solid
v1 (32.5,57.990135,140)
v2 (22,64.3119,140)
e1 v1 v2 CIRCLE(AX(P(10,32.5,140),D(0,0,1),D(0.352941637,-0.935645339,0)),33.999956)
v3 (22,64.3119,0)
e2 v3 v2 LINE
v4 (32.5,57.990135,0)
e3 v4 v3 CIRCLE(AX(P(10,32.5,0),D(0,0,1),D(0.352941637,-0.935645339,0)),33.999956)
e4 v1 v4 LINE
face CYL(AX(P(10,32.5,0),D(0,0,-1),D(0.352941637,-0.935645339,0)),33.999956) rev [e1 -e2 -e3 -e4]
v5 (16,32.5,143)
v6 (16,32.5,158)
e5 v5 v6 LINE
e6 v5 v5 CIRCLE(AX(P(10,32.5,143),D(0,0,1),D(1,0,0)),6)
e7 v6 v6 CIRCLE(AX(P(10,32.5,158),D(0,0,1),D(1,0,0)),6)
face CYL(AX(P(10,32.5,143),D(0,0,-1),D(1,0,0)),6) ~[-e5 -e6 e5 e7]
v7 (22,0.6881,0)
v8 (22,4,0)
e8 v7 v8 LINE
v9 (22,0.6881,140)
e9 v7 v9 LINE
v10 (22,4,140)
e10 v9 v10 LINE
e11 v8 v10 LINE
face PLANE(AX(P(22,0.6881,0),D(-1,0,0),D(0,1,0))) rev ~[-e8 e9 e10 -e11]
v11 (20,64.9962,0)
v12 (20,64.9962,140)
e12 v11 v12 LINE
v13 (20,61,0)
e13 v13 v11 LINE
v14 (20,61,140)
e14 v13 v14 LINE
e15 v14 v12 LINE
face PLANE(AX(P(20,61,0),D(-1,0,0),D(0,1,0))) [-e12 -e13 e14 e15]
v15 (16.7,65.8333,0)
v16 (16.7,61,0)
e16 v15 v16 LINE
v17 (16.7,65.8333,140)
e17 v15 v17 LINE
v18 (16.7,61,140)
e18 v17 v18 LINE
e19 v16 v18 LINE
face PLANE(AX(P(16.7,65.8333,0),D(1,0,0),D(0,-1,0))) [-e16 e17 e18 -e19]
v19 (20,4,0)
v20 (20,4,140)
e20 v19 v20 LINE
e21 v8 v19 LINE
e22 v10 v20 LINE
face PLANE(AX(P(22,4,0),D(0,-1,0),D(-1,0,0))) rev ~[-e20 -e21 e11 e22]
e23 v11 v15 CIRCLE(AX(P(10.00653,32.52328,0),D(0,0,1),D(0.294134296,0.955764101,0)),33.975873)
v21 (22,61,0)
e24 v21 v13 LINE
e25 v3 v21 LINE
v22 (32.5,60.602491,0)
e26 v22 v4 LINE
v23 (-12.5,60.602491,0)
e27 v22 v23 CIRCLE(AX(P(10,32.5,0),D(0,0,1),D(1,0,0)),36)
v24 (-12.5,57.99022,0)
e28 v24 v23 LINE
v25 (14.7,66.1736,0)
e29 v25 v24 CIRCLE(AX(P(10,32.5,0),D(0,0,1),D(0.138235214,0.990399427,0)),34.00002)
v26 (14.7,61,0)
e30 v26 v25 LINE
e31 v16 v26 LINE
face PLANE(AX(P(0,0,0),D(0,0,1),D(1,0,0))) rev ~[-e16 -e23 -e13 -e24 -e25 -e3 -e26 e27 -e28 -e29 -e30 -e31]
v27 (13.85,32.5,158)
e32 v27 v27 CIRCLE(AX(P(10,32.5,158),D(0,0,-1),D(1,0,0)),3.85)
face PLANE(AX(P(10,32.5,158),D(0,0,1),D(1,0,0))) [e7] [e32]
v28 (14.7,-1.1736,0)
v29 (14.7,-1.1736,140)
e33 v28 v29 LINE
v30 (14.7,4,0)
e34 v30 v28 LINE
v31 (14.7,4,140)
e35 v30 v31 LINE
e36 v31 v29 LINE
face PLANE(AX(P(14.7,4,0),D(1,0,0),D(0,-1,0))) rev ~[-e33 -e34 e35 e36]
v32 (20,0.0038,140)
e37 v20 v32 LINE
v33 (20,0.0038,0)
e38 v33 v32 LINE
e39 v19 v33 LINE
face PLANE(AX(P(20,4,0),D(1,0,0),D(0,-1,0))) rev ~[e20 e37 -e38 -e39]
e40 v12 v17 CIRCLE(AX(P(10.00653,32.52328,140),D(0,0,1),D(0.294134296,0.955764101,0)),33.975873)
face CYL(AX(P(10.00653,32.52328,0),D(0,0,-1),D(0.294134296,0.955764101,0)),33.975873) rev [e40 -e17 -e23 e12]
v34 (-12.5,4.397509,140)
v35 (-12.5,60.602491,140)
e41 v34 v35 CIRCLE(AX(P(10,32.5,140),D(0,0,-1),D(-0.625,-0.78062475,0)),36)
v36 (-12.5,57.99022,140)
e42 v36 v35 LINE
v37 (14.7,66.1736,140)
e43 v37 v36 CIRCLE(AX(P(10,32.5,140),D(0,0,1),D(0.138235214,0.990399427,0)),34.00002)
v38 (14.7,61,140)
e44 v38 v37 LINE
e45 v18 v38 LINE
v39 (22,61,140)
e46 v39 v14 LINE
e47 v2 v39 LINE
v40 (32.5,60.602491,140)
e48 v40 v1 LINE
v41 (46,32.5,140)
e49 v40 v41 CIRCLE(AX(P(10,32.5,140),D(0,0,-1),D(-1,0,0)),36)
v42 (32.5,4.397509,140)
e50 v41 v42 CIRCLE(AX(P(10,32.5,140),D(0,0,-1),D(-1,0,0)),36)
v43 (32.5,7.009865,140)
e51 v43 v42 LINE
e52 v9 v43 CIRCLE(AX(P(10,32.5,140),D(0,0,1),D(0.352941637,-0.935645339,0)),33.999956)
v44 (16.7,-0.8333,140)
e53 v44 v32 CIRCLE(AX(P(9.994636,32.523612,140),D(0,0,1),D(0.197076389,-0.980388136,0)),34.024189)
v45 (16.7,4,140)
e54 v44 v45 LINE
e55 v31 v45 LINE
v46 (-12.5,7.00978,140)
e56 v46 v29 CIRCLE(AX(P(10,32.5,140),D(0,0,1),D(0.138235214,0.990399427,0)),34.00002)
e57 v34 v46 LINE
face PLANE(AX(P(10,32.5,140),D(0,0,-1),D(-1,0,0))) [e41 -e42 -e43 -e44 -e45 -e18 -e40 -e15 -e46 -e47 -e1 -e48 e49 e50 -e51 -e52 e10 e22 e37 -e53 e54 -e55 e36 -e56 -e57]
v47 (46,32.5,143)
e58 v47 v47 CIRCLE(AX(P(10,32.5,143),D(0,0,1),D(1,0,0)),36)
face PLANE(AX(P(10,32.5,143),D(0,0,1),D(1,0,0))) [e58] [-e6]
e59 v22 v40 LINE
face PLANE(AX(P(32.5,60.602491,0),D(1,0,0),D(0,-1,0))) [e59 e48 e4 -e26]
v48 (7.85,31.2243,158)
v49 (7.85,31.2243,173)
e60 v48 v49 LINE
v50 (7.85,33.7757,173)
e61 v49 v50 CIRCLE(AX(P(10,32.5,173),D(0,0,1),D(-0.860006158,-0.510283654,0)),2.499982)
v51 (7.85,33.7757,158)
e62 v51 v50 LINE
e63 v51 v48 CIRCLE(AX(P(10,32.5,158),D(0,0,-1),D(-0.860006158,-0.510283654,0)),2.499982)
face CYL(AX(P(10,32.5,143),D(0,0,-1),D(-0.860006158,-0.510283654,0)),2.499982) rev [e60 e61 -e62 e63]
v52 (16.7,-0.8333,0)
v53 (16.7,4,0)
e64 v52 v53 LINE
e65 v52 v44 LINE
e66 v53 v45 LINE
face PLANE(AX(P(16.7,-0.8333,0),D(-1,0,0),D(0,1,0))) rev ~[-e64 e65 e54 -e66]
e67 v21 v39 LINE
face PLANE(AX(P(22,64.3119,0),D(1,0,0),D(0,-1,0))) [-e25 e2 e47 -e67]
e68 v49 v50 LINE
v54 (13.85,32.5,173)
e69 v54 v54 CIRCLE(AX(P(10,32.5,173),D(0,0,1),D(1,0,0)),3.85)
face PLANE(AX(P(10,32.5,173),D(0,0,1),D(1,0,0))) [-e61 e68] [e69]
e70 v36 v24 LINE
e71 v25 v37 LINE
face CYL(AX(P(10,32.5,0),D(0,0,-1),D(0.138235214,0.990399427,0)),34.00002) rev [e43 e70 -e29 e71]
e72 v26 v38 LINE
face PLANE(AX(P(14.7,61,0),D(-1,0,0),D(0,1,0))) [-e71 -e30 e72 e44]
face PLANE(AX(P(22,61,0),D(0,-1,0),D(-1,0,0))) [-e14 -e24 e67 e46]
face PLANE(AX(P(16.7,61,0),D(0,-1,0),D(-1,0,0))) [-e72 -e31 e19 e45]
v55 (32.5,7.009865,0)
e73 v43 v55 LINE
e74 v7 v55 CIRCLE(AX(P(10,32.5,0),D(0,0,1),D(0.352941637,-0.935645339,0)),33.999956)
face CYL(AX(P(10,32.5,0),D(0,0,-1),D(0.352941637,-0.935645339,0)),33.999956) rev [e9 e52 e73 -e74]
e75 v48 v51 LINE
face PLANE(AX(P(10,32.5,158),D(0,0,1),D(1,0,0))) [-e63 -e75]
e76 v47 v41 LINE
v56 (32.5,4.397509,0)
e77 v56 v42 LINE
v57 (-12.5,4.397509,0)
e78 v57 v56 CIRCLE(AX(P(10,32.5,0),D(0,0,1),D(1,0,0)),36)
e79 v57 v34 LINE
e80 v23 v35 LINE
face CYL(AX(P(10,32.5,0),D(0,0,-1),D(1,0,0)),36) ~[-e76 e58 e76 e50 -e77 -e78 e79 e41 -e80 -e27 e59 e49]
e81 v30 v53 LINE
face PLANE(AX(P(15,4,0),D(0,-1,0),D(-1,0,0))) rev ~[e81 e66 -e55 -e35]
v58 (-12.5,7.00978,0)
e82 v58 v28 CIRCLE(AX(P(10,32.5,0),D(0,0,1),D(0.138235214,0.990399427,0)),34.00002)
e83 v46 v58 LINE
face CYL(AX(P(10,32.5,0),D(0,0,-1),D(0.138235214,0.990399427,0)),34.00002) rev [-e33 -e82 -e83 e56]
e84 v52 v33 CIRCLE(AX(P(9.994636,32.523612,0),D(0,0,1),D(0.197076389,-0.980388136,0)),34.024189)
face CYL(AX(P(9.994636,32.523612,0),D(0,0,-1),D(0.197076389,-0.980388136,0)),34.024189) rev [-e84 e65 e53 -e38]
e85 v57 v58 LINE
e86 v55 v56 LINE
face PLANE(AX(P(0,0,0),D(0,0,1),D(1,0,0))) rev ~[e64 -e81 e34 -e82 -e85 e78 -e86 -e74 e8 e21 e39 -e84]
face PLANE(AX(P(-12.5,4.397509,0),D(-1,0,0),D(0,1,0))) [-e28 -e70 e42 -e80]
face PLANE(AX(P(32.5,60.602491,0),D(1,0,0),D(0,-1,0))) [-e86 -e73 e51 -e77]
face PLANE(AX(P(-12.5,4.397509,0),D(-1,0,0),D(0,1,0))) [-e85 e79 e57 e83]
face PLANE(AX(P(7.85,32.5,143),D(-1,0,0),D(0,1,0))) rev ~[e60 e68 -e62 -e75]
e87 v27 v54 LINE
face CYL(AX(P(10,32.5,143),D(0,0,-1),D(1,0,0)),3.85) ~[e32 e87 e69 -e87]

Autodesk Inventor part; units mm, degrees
ref_plane "YZ Plane" through (0, 0, 0) normal (1, 0, 0) x (0, 1, 0)
ref_plane "XZ Plane" through (0, 0, 0) normal (0, 1, 0) x (-1, 0, 0)
ref_plane "XY Plane" through (0, 0, 0) normal (0, 0, 1) x (1, 0, 0)
sketch "Sketch1" plane through (0, 0, 0) normal (0, 0, 1) x (1, 0, 0)
  circle A0 centre (10, 32.5) radius 36
  line L0 (22, 0.6881) -> (22, 4)
  line L1 (22, 4) -> (20, 4)
  line L2 (20, 4) -> (20, 0)
  line L3 (16.7, 4) -> (15, 4)
  line L4 (22, 64.3119) -> (22, 61)
  line L5 (22, 61) -> (20, 61)
  line L6 (20, 61) -> (20, 65)
  line L7 (16.7, 61) -> (15, 61)
  line L8 (16.7, 61) -> (14.7, 61)
  line L9 (14.7, 61) -> (14.7, 66.1736)
  line L10 (16.7, 65.8333) -> (16.7, 61)
  line L11 (16.7, 4) -> (14.7, 4)
  line L12 (14.7, 4) -> (14.7, -1.1736)
  line L13 (16.7, -0.8333) -> (16.7, 4)
  arc A1 (16.7, -0.8333) -> (20, 0.0038) centre (10, 32.5) ccw
  arc A2 (14.7, 66.1736) -> (14.7, -1.1736) centre (10, 32.5) ccw
  arc A3 (22, 0.6881) -> (22, 64.3119) centre (10, 32.5) ccw
  arc A4 (20, 64.9962) -> (16.7, 65.8333) centre (10, 32.5) ccw
  point P0 (0, 0)
extrude "Extrusion1" add sketch "Sketch1" along normal blind 140
sketch "Sketch2" plane through (10, 32.5, 140) normal (0, 0, 1) x (1, 0, 0)
  circle A0 centre (0, 0) radius 36
  point P0 (-10, -32.5)
extrude "Extrusion2" add sketch "Sketch2" along normal blind 3
sketch "Sketch3" plane through (10, 32.5, 143) normal (0, 0, 1) x (1, 0, 0)
  circle A0 centre (0, 0) radius 3.85
  arc A1 (-2.15, -1.2757) -> (-2.15, 1.2757) centre (0, 0) ccw
  line L0 (-2.15, 0) -> (-2.15, 1.2757)
  line L1 (-2.15, 0) -> (-2.15, -1.2757)
  point P0 (-10, -32.5)
  dimension "d14" = 7.7
  dimension "d15" = 5
extrude "Extrusion3" add sketch "Sketch3" along normal blind 30
sketch "Sketch4" plane through (10, 32.5, 143) normal (0, 0, 1) x (1, 0, 0)
  circle A0 centre (0, 0) radius 6
  point P0 (-10, -32.5)
  dimension "d19" = 12
extrude "Extrusion4" add sketch "Sketch4" along normal blind 15
sketch "Sketch5" plane through (10, 32.5, 0) normal (0, 0, -1) x (-1, 0, 0)
  line L0 (-22.5, 36.2326) -> (-22.5, -36.2326)
  line L1 (-22.5, -36.2326) -> (22.5, -36.2326)
  line L2 (22.5, -36.2326) -> (22.5, 36.2326)
  line L3 (22.5, 36.2326) -> (-22.5, 36.2326)
  line L4 (-22.5, 36.2326) -> (22.5, -36.2326) construction
  line L5 (-22.5, -36.2326) -> (22.5, 36.2326) construction
  circle A0 centre (0, 0) radius 36
  point P0 (10, -32.5)
  point P1 (-22.5, -28.1025)
  point P2 (-22.5, 28.1025)
  point P3 (22.5, 28.1025)
  point P4 (22.5, -28.1025)
  dimension "d22" = 45
  dimension "d25" = 72.4652
extrude "Extrusion5" cut sketch "Sketch5" against normal blind 140 contours L0 A0 | A0 L2
properties part number "Casing"
